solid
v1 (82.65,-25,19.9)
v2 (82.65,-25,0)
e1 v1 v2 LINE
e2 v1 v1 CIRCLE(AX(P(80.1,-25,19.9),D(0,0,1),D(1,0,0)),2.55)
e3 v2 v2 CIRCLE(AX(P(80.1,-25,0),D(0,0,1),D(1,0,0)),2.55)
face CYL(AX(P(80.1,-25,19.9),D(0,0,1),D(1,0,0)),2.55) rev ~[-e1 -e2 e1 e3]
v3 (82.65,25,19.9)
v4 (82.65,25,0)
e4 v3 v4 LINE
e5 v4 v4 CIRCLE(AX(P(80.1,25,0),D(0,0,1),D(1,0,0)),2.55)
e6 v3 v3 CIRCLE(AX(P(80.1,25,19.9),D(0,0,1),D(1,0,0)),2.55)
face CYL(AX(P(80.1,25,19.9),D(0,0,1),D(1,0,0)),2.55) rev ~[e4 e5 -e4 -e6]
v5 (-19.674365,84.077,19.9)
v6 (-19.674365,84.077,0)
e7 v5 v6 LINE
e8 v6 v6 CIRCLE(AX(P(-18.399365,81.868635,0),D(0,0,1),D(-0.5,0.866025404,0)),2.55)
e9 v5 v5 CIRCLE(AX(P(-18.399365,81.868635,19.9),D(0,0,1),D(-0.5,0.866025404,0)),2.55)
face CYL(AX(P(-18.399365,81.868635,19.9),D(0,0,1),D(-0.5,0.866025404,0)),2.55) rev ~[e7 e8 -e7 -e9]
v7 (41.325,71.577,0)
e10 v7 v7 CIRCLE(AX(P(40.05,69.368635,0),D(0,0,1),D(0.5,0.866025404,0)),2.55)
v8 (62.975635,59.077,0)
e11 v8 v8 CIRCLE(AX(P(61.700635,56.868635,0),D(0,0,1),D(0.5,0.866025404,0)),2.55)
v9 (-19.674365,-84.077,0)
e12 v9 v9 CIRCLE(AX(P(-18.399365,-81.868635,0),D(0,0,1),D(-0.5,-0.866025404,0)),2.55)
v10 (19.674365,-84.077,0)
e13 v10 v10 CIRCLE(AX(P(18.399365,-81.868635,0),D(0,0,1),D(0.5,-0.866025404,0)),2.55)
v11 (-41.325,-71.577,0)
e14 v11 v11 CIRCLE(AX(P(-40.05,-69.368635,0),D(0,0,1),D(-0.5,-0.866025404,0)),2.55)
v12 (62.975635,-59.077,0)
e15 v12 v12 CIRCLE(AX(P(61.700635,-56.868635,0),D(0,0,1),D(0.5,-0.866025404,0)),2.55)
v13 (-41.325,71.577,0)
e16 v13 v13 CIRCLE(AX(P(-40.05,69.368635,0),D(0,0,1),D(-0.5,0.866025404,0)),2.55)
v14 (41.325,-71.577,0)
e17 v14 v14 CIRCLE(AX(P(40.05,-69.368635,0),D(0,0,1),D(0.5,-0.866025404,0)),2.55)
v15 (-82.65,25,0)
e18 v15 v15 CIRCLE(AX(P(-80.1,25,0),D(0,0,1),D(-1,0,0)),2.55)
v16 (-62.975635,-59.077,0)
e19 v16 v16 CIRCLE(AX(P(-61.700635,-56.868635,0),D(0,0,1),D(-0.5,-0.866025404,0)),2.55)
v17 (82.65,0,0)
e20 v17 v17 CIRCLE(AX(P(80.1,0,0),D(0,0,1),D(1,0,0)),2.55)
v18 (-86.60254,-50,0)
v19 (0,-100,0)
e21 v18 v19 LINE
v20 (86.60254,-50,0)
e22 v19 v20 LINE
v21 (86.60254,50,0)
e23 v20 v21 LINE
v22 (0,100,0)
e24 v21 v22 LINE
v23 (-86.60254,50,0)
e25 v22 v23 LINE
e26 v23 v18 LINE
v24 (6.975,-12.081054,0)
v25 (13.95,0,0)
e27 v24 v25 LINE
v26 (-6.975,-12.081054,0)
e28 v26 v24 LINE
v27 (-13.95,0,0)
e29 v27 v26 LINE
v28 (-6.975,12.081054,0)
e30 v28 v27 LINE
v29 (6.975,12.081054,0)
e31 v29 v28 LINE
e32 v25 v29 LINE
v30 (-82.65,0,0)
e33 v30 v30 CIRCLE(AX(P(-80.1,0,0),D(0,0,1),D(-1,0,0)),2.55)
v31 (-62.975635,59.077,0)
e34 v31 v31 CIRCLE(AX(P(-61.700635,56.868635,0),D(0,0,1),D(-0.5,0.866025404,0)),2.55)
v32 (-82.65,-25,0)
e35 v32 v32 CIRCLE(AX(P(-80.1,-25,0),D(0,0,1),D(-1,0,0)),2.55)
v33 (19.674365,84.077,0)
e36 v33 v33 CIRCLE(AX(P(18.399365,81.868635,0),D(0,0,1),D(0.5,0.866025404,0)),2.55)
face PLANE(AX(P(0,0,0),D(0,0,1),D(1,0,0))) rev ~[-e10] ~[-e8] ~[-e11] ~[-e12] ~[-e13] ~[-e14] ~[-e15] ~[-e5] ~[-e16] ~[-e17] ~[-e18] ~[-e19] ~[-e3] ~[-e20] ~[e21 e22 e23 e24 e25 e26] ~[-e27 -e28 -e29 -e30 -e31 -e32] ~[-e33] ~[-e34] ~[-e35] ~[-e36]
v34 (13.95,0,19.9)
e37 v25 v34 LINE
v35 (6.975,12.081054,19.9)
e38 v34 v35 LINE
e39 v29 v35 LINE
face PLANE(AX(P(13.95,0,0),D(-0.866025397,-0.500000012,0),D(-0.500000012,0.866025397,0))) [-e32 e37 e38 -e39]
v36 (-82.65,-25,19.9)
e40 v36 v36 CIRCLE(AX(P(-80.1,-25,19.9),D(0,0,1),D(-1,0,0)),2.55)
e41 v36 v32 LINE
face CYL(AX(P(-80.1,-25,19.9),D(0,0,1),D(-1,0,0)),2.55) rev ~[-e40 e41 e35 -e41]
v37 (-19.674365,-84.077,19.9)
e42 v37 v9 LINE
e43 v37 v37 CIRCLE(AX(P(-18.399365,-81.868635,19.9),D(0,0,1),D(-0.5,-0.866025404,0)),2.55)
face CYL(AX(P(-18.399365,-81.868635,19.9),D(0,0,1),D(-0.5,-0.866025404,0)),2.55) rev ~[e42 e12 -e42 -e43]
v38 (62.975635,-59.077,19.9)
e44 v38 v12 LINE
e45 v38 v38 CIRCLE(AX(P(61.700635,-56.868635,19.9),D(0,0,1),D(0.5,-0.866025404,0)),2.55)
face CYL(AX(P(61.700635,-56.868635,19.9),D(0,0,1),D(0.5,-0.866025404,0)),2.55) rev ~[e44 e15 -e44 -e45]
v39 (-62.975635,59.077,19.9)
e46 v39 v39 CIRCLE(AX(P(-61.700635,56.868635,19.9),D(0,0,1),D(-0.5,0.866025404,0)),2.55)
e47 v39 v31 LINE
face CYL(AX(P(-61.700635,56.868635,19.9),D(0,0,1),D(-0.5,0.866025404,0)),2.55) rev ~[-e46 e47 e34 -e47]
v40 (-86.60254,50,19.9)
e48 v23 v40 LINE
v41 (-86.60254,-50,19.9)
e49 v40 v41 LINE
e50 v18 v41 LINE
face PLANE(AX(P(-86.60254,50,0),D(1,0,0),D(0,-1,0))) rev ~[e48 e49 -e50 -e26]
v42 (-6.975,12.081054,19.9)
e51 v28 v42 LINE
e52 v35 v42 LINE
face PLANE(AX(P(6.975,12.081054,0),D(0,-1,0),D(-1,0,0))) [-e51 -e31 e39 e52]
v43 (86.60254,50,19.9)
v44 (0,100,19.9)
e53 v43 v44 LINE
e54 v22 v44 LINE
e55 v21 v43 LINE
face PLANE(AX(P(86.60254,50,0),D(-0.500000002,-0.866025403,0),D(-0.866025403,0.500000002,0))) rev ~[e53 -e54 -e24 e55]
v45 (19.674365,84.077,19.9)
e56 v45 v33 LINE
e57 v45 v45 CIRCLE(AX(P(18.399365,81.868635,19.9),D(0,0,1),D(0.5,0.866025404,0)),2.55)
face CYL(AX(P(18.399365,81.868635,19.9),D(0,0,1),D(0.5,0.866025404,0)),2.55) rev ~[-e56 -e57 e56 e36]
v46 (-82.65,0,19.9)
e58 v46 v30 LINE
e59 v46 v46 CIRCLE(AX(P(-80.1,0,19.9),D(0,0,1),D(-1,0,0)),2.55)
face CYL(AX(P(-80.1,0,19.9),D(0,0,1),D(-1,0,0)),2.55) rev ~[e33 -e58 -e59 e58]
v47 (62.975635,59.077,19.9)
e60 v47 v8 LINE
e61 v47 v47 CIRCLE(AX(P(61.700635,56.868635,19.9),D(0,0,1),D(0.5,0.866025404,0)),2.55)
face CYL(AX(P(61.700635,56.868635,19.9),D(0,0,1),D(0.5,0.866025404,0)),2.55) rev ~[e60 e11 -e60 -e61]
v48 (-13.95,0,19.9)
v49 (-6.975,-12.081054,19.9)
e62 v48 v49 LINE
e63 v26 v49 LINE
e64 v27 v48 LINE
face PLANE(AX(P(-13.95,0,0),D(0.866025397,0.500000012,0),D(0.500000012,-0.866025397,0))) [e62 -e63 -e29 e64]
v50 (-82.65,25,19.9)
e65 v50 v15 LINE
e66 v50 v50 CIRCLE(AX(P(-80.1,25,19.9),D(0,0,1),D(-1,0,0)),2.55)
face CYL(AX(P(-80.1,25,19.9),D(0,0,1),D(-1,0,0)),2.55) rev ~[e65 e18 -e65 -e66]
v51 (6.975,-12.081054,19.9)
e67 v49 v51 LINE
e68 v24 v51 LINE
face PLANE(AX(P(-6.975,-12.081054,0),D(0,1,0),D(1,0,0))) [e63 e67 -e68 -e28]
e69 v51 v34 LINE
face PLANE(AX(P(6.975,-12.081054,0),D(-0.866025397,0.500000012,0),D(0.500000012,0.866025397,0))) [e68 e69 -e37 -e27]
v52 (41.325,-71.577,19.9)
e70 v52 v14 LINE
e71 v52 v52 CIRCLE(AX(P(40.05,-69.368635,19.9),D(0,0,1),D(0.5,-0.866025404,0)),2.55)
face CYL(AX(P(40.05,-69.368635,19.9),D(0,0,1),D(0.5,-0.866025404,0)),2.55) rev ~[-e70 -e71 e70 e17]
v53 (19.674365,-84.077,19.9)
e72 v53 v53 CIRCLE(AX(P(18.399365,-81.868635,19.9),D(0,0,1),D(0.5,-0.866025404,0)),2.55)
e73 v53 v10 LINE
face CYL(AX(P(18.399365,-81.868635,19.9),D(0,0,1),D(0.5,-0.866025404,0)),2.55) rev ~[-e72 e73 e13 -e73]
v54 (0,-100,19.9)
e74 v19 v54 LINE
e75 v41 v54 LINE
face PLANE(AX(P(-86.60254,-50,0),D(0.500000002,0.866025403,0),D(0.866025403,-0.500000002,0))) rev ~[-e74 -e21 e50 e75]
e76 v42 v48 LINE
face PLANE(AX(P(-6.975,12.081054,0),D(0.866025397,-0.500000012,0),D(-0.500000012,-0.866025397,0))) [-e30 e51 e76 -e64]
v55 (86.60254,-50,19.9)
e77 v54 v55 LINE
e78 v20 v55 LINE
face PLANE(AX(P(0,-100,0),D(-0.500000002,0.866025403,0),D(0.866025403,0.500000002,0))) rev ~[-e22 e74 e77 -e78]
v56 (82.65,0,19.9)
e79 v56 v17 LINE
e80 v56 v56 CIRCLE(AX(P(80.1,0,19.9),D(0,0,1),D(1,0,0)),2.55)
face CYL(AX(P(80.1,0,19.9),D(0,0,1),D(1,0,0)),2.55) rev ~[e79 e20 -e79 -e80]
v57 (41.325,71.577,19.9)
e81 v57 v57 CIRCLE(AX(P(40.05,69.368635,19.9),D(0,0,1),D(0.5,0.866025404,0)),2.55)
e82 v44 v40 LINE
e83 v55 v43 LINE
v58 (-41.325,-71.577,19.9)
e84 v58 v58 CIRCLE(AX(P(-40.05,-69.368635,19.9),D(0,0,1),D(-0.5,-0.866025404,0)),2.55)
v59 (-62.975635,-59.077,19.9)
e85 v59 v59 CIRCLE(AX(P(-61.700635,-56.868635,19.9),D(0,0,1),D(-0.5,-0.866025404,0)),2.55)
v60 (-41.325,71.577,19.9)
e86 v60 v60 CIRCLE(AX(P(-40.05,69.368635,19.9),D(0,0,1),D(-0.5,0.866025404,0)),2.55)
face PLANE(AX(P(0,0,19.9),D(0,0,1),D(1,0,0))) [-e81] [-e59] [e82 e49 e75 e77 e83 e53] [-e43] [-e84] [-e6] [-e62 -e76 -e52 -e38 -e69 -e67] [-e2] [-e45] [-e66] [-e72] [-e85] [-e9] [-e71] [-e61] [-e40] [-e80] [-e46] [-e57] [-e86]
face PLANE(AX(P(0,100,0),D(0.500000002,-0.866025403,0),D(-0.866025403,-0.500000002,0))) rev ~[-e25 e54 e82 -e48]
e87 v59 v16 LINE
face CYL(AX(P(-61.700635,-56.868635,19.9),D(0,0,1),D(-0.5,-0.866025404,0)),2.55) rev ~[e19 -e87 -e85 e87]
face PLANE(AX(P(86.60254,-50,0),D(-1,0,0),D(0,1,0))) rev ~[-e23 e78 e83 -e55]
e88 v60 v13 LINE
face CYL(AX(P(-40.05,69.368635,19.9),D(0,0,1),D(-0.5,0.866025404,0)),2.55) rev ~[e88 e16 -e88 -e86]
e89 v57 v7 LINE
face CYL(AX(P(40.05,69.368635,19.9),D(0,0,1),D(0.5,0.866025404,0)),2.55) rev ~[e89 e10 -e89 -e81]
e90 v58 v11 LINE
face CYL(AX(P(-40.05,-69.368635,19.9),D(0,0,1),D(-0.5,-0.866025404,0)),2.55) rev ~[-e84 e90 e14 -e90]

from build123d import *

# Parameters (mm, degrees)
PAD_DEPTH          = 19.9
SKETCH001_R        = 2.55
POCKET_DEPTH       = 550.545928
POLARPATTERN_COUNT = 6


with BuildPart() as part:
    # Sketch → Pad (new body)
    with BuildSketch(Plane.XY):
        Polygon((0, 100), (-86.60254, 50), (-86.60254, -50), (0, -100), (86.60254, -50), (86.60254, 50), align=None)
        Polygon((-13.95, 0), (-6.975, -12.081054), (6.975, -12.081054), (13.95, 0), (6.975, 12.081054), (-6.975, 12.081054), align=None, mode=Mode.SUBTRACT)
    extrude(amount=PAD_DEPTH)

    # Sketch001 (on Face14 of Pad) → Pocket (cut, through all)
    with BuildSketch(Plane.XY.offset(19.9)):
        with Locations((80.1, 25)):
            Circle(SKETCH001_R)
        with Locations((80.1, -25)):
            Circle(SKETCH001_R)
        with Locations((80.1, 0)):
            Circle(SKETCH001_R)
    pocket = extrude(amount=-POCKET_DEPTH, mode=Mode.SUBTRACT)

    # PolarPattern: Pocket ×6 about axis
    polarpattern_axis = Axis((0, 0, 19.9), (0, 0, 1))
    for i in range(1, POLARPATTERN_COUNT):
        add(pocket.rotate(polarpattern_axis, i * 360 / POLARPATTERN_COUNT), mode=Mode.SUBTRACT)


solid = part.part
